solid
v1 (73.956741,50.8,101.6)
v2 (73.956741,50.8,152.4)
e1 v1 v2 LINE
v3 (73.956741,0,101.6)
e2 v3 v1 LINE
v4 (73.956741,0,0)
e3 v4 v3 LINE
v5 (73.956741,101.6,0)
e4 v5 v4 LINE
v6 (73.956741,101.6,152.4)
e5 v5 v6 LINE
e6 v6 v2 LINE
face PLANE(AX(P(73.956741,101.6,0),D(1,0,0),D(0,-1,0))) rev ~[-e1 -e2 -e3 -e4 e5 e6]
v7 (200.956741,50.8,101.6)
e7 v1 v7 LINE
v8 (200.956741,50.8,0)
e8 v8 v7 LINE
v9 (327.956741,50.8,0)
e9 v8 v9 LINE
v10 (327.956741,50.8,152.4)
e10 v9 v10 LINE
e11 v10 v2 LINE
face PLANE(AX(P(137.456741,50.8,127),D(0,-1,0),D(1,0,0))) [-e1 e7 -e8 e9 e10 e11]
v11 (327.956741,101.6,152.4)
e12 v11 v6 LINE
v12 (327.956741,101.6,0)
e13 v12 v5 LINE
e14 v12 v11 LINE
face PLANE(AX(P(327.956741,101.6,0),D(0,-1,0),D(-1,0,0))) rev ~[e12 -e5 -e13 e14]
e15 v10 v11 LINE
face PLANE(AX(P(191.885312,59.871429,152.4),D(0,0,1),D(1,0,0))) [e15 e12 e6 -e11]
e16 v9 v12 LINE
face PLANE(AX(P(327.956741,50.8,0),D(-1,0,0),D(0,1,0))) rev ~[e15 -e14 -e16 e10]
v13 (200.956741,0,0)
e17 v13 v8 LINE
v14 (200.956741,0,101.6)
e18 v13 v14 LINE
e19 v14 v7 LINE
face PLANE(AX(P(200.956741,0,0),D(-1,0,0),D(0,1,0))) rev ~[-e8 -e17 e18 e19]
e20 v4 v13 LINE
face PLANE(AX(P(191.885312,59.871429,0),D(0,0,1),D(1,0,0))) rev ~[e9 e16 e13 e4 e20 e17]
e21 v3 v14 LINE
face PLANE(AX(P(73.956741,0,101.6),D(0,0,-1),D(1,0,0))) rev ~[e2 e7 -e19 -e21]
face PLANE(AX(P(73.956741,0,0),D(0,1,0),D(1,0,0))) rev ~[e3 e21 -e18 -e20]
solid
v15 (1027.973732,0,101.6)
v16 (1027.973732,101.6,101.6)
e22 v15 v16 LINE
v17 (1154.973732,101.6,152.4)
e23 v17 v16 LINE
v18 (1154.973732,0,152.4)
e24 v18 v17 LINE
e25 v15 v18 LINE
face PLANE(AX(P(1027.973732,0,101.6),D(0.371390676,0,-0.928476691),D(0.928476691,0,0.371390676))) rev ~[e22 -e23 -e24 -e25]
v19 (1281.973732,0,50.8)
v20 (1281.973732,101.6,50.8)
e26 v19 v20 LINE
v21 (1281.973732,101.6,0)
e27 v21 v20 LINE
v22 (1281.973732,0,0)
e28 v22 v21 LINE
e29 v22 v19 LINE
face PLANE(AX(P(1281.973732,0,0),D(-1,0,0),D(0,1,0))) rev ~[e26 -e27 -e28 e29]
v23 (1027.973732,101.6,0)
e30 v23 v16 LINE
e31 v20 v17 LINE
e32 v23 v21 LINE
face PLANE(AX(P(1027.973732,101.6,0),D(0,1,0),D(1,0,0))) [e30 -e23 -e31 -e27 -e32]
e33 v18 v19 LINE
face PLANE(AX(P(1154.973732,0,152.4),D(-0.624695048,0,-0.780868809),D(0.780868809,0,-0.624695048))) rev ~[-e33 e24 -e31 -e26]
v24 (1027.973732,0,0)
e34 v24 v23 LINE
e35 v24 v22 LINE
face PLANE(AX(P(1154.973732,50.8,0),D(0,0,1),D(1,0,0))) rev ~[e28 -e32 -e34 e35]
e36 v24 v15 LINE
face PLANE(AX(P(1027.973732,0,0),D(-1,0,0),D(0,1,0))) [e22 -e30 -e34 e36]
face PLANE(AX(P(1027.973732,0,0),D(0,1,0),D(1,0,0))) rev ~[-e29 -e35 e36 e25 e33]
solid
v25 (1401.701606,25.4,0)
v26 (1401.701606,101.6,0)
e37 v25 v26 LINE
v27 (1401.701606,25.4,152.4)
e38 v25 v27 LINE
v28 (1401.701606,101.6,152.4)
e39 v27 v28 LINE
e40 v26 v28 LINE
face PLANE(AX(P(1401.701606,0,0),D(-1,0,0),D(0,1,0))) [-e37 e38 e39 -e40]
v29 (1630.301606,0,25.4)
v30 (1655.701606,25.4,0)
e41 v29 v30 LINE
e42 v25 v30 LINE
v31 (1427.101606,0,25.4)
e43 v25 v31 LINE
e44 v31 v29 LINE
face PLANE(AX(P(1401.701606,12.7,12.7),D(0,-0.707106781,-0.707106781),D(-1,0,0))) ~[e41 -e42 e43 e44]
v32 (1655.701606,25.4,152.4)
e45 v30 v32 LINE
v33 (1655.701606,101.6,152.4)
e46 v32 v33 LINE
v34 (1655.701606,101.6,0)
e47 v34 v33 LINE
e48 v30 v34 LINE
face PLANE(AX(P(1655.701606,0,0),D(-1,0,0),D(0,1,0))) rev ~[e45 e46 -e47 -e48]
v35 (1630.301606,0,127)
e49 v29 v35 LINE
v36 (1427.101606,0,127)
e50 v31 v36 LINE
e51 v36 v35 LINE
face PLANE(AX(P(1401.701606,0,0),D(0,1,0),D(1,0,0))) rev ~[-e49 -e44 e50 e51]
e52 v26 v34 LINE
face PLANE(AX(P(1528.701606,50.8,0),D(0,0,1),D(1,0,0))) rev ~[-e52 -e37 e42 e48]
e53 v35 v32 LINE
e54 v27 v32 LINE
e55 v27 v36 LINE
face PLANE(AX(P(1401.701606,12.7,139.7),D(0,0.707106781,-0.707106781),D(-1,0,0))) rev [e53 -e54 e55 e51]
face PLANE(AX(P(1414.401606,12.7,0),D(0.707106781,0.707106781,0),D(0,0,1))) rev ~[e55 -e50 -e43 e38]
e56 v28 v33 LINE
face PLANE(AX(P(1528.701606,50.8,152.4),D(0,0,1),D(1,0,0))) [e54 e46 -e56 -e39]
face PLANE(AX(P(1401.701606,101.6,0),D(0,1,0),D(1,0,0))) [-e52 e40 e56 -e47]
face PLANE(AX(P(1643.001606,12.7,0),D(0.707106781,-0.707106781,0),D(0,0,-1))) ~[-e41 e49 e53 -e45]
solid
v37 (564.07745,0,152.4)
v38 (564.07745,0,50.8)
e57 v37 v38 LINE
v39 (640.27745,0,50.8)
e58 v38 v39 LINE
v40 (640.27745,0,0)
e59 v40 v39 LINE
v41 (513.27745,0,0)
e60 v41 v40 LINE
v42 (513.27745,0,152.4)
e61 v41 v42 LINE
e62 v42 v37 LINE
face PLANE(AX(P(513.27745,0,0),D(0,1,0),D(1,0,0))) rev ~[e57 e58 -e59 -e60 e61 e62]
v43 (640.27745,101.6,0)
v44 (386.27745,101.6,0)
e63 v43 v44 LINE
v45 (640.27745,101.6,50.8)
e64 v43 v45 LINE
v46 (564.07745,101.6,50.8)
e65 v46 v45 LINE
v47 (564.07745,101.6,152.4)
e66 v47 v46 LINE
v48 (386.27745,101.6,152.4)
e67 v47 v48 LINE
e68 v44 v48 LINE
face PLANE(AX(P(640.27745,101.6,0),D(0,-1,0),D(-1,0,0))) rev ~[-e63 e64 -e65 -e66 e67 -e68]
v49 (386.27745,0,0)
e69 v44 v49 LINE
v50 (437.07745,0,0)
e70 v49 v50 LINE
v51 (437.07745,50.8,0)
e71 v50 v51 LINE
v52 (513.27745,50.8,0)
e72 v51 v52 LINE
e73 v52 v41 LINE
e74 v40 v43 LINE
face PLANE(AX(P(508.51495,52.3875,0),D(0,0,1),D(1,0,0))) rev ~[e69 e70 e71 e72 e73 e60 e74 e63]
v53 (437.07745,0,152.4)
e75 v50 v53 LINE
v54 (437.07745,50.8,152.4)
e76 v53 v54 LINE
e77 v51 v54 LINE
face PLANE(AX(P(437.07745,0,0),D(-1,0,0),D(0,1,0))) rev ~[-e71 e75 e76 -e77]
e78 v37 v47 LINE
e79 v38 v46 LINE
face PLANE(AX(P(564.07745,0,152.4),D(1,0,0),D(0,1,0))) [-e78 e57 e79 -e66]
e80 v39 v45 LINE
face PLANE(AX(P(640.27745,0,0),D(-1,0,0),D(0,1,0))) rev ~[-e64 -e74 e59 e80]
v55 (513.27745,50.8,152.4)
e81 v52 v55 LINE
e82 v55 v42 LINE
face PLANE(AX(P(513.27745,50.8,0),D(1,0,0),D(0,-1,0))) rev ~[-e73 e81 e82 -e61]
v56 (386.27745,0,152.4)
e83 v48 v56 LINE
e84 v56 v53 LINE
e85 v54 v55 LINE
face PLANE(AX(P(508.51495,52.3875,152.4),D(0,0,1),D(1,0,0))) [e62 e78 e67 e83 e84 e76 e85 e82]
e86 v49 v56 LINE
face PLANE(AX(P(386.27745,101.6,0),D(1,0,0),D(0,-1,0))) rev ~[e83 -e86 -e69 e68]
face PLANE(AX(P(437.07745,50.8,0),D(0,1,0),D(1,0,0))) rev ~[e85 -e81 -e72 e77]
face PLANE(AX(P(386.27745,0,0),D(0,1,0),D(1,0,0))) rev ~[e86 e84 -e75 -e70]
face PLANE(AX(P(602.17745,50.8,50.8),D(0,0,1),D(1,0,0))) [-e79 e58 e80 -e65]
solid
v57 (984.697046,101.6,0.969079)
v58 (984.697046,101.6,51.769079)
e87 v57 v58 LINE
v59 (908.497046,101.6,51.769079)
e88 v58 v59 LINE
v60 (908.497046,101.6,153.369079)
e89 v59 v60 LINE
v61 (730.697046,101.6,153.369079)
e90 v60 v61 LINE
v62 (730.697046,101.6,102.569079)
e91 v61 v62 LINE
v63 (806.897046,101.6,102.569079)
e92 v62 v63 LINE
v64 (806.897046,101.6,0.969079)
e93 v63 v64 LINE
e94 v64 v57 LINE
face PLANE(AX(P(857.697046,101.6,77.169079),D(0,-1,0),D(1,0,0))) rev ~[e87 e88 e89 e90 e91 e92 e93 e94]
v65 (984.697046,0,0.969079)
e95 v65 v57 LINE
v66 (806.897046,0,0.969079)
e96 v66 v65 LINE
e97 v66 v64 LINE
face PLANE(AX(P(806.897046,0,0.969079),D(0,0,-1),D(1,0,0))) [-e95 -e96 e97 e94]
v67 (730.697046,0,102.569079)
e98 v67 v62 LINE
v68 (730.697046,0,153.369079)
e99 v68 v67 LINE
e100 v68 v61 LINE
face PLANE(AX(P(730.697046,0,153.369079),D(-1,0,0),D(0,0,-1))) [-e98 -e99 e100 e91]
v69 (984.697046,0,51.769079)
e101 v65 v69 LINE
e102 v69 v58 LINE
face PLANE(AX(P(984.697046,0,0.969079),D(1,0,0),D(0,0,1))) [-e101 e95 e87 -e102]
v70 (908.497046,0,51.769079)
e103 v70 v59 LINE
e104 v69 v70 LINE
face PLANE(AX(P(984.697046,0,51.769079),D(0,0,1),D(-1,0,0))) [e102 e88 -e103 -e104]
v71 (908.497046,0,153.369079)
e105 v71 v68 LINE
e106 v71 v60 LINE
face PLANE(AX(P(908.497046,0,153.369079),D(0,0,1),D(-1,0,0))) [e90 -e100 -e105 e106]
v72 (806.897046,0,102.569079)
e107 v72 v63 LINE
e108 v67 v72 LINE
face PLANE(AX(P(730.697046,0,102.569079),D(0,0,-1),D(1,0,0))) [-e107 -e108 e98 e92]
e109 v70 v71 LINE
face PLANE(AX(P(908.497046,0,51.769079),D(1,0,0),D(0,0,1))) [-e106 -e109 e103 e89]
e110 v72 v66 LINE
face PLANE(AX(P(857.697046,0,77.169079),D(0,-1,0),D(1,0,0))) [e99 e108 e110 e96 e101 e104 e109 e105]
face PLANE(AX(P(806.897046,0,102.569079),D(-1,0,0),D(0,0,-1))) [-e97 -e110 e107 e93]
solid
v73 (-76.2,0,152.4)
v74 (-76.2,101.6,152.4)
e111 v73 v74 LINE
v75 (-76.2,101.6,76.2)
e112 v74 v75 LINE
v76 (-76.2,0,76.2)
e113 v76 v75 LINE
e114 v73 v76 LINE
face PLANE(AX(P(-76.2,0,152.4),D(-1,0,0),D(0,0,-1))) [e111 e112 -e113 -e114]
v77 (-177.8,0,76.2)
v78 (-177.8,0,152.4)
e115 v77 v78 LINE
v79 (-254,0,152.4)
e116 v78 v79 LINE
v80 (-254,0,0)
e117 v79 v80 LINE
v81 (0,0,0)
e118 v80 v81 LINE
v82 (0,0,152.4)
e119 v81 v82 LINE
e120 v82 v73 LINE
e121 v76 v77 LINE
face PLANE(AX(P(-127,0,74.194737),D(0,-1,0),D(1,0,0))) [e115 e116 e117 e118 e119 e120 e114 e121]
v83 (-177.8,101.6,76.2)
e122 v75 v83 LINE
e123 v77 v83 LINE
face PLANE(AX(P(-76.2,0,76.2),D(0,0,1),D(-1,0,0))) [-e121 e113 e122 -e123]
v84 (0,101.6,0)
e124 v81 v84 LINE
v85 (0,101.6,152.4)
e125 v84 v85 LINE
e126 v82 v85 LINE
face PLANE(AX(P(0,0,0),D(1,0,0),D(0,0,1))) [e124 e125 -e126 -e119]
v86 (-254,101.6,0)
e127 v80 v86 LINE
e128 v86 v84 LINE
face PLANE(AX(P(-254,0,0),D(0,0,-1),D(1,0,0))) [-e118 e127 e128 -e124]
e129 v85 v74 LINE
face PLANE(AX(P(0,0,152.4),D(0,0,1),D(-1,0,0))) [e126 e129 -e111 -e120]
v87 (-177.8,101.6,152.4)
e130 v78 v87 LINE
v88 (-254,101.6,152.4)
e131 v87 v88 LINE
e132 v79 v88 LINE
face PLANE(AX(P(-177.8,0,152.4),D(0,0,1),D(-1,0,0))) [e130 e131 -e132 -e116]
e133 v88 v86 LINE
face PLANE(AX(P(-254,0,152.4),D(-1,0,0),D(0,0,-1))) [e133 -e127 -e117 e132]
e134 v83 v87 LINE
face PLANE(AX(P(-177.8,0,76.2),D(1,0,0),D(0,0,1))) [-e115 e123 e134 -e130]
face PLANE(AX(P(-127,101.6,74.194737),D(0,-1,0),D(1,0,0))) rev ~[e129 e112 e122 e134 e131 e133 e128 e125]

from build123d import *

# Parameters (mm, degrees)
F1_DEPTH  = 101.6
F3_DEPTH  = 152.4
F4_W      = 127
F4_H      = 50.8
F5_DEPTH  = 50.8
F7_DEPTH  = 152.4
F8_W      = 76.2
F8_H      = 101.6
F9_DEPTH  = 101.6
F11_DEPTH = 101.6
F12_W     = 254
F12_H     = 101.6
F13_DEPTH = 152.4
F15_DEPTH = 132.08
F17_DEPTH = 152.4
F18_W     = 254
F18_H     = 101.6
F19_DEPTH = 152.4
F20_SIZE  = 25.4


with BuildPart() as f1:
    # F0 (on Front) → F1 (new body)
    with BuildSketch(Plane.XZ):
        Polygon((-254, 0), (0, 0), (0, 152.4), (-76.2, 152.4), (-76.2, 76.2), (-177.8, 76.2), (-177.8, 152.4), (-254, 152.4), align=None)
    extrude(amount=-F1_DEPTH)


with BuildPart() as f3:
    # F2 (on Top) → F3 (new body)
    with BuildSketch(Plane.XY):
        Polygon((73.956741, 101.6), (73.956741, 0), (200.956741, 0), (200.956741, 50.8), (327.956741, 50.8), (327.956741, 101.6), align=None)
    extrude(amount=F3_DEPTH)

    # F4 (on face) → F5 (cut)
    with BuildSketch(Plane.XZ):
        with Locations((137.456741, 127)):
            Rectangle(F4_W, F4_H)
    extrude(amount=-F5_DEPTH, mode=Mode.SUBTRACT)


with BuildPart() as f7:
    # F6 (on Top) → F7 (new body)
    with BuildSketch(Plane.XY):
        Polygon((386.27745, 101.6), (386.27745, 0), (437.07745, 0), (437.07745, 50.8), (513.27745, 50.8), (513.27745, 0), (640.27745, 0), (640.27745, 101.6), align=None)
    extrude(amount=F7_DEPTH)

    # F8 (on face) → F9 (cut)
    with BuildSketch(Plane.XY.offset(152.4)):
        with Locations((602.17745, 50.8)):
            Rectangle(F8_W, F8_H)
    extrude(amount=-F9_DEPTH, mode=Mode.SUBTRACT)


with BuildPart() as f11:
    # F10 (on Front) → F11 (new body)
    with BuildSketch(Plane.XZ):
        Polygon((806.897046, 102.569079), (806.897046, 0.969079), (984.697046, 0.969079), (984.697046, 51.769079), (908.497046, 51.769079), (908.497046, 153.369079), (730.697046, 153.369079), (730.697046, 102.569079), align=None)
    extrude(amount=-F11_DEPTH)


with BuildPart() as f13:
    # F12 (on Top) → F13 (new body)
    with BuildSketch(Plane.XY):
        with Locations((1154.973732, 50.8)):
            Rectangle(F12_W, F12_H)
    extrude(amount=F13_DEPTH)

    # F14 (on face) → F15 (cut)
    with BuildSketch(Plane.XZ):
        Polygon((1154.973732, 152.4), (1027.973732, 152.4), (1027.973732, 101.6), align=None)
    extrude(amount=-F15_DEPTH, mode=Mode.SUBTRACT)

    # F16 (on face) → F17 (cut)
    with BuildSketch(Plane.XZ):
        Polygon((1154.973732, 152.4), (1281.973732, 50.8), (1281.973732, 152.4), align=None)
    extrude(amount=-F17_DEPTH, mode=Mode.SUBTRACT)


with BuildPart() as f19:
    # F18 (on Top) → F19 (new body)
    with BuildSketch(Plane.XY):
        with Locations((1528.701606, 50.8)):
            Rectangle(F18_W, F18_H)
    extrude(amount=F19_DEPTH)

    # F20
    f20_edges = [f19.edges().sort_by_distance(p)[0] for p in [
        (1401.701606, 0, 76.2),
        (1655.701606, 0, 76.2),
        (1528.701606, 0, 0),
        (1528.701606, 0, 152.4),
    ]]
    chamfer(f20_edges, length=F20_SIZE)


solid = Compound([f1.part, f3.part, f7.part, f11.part, f13.part, f19.part])
